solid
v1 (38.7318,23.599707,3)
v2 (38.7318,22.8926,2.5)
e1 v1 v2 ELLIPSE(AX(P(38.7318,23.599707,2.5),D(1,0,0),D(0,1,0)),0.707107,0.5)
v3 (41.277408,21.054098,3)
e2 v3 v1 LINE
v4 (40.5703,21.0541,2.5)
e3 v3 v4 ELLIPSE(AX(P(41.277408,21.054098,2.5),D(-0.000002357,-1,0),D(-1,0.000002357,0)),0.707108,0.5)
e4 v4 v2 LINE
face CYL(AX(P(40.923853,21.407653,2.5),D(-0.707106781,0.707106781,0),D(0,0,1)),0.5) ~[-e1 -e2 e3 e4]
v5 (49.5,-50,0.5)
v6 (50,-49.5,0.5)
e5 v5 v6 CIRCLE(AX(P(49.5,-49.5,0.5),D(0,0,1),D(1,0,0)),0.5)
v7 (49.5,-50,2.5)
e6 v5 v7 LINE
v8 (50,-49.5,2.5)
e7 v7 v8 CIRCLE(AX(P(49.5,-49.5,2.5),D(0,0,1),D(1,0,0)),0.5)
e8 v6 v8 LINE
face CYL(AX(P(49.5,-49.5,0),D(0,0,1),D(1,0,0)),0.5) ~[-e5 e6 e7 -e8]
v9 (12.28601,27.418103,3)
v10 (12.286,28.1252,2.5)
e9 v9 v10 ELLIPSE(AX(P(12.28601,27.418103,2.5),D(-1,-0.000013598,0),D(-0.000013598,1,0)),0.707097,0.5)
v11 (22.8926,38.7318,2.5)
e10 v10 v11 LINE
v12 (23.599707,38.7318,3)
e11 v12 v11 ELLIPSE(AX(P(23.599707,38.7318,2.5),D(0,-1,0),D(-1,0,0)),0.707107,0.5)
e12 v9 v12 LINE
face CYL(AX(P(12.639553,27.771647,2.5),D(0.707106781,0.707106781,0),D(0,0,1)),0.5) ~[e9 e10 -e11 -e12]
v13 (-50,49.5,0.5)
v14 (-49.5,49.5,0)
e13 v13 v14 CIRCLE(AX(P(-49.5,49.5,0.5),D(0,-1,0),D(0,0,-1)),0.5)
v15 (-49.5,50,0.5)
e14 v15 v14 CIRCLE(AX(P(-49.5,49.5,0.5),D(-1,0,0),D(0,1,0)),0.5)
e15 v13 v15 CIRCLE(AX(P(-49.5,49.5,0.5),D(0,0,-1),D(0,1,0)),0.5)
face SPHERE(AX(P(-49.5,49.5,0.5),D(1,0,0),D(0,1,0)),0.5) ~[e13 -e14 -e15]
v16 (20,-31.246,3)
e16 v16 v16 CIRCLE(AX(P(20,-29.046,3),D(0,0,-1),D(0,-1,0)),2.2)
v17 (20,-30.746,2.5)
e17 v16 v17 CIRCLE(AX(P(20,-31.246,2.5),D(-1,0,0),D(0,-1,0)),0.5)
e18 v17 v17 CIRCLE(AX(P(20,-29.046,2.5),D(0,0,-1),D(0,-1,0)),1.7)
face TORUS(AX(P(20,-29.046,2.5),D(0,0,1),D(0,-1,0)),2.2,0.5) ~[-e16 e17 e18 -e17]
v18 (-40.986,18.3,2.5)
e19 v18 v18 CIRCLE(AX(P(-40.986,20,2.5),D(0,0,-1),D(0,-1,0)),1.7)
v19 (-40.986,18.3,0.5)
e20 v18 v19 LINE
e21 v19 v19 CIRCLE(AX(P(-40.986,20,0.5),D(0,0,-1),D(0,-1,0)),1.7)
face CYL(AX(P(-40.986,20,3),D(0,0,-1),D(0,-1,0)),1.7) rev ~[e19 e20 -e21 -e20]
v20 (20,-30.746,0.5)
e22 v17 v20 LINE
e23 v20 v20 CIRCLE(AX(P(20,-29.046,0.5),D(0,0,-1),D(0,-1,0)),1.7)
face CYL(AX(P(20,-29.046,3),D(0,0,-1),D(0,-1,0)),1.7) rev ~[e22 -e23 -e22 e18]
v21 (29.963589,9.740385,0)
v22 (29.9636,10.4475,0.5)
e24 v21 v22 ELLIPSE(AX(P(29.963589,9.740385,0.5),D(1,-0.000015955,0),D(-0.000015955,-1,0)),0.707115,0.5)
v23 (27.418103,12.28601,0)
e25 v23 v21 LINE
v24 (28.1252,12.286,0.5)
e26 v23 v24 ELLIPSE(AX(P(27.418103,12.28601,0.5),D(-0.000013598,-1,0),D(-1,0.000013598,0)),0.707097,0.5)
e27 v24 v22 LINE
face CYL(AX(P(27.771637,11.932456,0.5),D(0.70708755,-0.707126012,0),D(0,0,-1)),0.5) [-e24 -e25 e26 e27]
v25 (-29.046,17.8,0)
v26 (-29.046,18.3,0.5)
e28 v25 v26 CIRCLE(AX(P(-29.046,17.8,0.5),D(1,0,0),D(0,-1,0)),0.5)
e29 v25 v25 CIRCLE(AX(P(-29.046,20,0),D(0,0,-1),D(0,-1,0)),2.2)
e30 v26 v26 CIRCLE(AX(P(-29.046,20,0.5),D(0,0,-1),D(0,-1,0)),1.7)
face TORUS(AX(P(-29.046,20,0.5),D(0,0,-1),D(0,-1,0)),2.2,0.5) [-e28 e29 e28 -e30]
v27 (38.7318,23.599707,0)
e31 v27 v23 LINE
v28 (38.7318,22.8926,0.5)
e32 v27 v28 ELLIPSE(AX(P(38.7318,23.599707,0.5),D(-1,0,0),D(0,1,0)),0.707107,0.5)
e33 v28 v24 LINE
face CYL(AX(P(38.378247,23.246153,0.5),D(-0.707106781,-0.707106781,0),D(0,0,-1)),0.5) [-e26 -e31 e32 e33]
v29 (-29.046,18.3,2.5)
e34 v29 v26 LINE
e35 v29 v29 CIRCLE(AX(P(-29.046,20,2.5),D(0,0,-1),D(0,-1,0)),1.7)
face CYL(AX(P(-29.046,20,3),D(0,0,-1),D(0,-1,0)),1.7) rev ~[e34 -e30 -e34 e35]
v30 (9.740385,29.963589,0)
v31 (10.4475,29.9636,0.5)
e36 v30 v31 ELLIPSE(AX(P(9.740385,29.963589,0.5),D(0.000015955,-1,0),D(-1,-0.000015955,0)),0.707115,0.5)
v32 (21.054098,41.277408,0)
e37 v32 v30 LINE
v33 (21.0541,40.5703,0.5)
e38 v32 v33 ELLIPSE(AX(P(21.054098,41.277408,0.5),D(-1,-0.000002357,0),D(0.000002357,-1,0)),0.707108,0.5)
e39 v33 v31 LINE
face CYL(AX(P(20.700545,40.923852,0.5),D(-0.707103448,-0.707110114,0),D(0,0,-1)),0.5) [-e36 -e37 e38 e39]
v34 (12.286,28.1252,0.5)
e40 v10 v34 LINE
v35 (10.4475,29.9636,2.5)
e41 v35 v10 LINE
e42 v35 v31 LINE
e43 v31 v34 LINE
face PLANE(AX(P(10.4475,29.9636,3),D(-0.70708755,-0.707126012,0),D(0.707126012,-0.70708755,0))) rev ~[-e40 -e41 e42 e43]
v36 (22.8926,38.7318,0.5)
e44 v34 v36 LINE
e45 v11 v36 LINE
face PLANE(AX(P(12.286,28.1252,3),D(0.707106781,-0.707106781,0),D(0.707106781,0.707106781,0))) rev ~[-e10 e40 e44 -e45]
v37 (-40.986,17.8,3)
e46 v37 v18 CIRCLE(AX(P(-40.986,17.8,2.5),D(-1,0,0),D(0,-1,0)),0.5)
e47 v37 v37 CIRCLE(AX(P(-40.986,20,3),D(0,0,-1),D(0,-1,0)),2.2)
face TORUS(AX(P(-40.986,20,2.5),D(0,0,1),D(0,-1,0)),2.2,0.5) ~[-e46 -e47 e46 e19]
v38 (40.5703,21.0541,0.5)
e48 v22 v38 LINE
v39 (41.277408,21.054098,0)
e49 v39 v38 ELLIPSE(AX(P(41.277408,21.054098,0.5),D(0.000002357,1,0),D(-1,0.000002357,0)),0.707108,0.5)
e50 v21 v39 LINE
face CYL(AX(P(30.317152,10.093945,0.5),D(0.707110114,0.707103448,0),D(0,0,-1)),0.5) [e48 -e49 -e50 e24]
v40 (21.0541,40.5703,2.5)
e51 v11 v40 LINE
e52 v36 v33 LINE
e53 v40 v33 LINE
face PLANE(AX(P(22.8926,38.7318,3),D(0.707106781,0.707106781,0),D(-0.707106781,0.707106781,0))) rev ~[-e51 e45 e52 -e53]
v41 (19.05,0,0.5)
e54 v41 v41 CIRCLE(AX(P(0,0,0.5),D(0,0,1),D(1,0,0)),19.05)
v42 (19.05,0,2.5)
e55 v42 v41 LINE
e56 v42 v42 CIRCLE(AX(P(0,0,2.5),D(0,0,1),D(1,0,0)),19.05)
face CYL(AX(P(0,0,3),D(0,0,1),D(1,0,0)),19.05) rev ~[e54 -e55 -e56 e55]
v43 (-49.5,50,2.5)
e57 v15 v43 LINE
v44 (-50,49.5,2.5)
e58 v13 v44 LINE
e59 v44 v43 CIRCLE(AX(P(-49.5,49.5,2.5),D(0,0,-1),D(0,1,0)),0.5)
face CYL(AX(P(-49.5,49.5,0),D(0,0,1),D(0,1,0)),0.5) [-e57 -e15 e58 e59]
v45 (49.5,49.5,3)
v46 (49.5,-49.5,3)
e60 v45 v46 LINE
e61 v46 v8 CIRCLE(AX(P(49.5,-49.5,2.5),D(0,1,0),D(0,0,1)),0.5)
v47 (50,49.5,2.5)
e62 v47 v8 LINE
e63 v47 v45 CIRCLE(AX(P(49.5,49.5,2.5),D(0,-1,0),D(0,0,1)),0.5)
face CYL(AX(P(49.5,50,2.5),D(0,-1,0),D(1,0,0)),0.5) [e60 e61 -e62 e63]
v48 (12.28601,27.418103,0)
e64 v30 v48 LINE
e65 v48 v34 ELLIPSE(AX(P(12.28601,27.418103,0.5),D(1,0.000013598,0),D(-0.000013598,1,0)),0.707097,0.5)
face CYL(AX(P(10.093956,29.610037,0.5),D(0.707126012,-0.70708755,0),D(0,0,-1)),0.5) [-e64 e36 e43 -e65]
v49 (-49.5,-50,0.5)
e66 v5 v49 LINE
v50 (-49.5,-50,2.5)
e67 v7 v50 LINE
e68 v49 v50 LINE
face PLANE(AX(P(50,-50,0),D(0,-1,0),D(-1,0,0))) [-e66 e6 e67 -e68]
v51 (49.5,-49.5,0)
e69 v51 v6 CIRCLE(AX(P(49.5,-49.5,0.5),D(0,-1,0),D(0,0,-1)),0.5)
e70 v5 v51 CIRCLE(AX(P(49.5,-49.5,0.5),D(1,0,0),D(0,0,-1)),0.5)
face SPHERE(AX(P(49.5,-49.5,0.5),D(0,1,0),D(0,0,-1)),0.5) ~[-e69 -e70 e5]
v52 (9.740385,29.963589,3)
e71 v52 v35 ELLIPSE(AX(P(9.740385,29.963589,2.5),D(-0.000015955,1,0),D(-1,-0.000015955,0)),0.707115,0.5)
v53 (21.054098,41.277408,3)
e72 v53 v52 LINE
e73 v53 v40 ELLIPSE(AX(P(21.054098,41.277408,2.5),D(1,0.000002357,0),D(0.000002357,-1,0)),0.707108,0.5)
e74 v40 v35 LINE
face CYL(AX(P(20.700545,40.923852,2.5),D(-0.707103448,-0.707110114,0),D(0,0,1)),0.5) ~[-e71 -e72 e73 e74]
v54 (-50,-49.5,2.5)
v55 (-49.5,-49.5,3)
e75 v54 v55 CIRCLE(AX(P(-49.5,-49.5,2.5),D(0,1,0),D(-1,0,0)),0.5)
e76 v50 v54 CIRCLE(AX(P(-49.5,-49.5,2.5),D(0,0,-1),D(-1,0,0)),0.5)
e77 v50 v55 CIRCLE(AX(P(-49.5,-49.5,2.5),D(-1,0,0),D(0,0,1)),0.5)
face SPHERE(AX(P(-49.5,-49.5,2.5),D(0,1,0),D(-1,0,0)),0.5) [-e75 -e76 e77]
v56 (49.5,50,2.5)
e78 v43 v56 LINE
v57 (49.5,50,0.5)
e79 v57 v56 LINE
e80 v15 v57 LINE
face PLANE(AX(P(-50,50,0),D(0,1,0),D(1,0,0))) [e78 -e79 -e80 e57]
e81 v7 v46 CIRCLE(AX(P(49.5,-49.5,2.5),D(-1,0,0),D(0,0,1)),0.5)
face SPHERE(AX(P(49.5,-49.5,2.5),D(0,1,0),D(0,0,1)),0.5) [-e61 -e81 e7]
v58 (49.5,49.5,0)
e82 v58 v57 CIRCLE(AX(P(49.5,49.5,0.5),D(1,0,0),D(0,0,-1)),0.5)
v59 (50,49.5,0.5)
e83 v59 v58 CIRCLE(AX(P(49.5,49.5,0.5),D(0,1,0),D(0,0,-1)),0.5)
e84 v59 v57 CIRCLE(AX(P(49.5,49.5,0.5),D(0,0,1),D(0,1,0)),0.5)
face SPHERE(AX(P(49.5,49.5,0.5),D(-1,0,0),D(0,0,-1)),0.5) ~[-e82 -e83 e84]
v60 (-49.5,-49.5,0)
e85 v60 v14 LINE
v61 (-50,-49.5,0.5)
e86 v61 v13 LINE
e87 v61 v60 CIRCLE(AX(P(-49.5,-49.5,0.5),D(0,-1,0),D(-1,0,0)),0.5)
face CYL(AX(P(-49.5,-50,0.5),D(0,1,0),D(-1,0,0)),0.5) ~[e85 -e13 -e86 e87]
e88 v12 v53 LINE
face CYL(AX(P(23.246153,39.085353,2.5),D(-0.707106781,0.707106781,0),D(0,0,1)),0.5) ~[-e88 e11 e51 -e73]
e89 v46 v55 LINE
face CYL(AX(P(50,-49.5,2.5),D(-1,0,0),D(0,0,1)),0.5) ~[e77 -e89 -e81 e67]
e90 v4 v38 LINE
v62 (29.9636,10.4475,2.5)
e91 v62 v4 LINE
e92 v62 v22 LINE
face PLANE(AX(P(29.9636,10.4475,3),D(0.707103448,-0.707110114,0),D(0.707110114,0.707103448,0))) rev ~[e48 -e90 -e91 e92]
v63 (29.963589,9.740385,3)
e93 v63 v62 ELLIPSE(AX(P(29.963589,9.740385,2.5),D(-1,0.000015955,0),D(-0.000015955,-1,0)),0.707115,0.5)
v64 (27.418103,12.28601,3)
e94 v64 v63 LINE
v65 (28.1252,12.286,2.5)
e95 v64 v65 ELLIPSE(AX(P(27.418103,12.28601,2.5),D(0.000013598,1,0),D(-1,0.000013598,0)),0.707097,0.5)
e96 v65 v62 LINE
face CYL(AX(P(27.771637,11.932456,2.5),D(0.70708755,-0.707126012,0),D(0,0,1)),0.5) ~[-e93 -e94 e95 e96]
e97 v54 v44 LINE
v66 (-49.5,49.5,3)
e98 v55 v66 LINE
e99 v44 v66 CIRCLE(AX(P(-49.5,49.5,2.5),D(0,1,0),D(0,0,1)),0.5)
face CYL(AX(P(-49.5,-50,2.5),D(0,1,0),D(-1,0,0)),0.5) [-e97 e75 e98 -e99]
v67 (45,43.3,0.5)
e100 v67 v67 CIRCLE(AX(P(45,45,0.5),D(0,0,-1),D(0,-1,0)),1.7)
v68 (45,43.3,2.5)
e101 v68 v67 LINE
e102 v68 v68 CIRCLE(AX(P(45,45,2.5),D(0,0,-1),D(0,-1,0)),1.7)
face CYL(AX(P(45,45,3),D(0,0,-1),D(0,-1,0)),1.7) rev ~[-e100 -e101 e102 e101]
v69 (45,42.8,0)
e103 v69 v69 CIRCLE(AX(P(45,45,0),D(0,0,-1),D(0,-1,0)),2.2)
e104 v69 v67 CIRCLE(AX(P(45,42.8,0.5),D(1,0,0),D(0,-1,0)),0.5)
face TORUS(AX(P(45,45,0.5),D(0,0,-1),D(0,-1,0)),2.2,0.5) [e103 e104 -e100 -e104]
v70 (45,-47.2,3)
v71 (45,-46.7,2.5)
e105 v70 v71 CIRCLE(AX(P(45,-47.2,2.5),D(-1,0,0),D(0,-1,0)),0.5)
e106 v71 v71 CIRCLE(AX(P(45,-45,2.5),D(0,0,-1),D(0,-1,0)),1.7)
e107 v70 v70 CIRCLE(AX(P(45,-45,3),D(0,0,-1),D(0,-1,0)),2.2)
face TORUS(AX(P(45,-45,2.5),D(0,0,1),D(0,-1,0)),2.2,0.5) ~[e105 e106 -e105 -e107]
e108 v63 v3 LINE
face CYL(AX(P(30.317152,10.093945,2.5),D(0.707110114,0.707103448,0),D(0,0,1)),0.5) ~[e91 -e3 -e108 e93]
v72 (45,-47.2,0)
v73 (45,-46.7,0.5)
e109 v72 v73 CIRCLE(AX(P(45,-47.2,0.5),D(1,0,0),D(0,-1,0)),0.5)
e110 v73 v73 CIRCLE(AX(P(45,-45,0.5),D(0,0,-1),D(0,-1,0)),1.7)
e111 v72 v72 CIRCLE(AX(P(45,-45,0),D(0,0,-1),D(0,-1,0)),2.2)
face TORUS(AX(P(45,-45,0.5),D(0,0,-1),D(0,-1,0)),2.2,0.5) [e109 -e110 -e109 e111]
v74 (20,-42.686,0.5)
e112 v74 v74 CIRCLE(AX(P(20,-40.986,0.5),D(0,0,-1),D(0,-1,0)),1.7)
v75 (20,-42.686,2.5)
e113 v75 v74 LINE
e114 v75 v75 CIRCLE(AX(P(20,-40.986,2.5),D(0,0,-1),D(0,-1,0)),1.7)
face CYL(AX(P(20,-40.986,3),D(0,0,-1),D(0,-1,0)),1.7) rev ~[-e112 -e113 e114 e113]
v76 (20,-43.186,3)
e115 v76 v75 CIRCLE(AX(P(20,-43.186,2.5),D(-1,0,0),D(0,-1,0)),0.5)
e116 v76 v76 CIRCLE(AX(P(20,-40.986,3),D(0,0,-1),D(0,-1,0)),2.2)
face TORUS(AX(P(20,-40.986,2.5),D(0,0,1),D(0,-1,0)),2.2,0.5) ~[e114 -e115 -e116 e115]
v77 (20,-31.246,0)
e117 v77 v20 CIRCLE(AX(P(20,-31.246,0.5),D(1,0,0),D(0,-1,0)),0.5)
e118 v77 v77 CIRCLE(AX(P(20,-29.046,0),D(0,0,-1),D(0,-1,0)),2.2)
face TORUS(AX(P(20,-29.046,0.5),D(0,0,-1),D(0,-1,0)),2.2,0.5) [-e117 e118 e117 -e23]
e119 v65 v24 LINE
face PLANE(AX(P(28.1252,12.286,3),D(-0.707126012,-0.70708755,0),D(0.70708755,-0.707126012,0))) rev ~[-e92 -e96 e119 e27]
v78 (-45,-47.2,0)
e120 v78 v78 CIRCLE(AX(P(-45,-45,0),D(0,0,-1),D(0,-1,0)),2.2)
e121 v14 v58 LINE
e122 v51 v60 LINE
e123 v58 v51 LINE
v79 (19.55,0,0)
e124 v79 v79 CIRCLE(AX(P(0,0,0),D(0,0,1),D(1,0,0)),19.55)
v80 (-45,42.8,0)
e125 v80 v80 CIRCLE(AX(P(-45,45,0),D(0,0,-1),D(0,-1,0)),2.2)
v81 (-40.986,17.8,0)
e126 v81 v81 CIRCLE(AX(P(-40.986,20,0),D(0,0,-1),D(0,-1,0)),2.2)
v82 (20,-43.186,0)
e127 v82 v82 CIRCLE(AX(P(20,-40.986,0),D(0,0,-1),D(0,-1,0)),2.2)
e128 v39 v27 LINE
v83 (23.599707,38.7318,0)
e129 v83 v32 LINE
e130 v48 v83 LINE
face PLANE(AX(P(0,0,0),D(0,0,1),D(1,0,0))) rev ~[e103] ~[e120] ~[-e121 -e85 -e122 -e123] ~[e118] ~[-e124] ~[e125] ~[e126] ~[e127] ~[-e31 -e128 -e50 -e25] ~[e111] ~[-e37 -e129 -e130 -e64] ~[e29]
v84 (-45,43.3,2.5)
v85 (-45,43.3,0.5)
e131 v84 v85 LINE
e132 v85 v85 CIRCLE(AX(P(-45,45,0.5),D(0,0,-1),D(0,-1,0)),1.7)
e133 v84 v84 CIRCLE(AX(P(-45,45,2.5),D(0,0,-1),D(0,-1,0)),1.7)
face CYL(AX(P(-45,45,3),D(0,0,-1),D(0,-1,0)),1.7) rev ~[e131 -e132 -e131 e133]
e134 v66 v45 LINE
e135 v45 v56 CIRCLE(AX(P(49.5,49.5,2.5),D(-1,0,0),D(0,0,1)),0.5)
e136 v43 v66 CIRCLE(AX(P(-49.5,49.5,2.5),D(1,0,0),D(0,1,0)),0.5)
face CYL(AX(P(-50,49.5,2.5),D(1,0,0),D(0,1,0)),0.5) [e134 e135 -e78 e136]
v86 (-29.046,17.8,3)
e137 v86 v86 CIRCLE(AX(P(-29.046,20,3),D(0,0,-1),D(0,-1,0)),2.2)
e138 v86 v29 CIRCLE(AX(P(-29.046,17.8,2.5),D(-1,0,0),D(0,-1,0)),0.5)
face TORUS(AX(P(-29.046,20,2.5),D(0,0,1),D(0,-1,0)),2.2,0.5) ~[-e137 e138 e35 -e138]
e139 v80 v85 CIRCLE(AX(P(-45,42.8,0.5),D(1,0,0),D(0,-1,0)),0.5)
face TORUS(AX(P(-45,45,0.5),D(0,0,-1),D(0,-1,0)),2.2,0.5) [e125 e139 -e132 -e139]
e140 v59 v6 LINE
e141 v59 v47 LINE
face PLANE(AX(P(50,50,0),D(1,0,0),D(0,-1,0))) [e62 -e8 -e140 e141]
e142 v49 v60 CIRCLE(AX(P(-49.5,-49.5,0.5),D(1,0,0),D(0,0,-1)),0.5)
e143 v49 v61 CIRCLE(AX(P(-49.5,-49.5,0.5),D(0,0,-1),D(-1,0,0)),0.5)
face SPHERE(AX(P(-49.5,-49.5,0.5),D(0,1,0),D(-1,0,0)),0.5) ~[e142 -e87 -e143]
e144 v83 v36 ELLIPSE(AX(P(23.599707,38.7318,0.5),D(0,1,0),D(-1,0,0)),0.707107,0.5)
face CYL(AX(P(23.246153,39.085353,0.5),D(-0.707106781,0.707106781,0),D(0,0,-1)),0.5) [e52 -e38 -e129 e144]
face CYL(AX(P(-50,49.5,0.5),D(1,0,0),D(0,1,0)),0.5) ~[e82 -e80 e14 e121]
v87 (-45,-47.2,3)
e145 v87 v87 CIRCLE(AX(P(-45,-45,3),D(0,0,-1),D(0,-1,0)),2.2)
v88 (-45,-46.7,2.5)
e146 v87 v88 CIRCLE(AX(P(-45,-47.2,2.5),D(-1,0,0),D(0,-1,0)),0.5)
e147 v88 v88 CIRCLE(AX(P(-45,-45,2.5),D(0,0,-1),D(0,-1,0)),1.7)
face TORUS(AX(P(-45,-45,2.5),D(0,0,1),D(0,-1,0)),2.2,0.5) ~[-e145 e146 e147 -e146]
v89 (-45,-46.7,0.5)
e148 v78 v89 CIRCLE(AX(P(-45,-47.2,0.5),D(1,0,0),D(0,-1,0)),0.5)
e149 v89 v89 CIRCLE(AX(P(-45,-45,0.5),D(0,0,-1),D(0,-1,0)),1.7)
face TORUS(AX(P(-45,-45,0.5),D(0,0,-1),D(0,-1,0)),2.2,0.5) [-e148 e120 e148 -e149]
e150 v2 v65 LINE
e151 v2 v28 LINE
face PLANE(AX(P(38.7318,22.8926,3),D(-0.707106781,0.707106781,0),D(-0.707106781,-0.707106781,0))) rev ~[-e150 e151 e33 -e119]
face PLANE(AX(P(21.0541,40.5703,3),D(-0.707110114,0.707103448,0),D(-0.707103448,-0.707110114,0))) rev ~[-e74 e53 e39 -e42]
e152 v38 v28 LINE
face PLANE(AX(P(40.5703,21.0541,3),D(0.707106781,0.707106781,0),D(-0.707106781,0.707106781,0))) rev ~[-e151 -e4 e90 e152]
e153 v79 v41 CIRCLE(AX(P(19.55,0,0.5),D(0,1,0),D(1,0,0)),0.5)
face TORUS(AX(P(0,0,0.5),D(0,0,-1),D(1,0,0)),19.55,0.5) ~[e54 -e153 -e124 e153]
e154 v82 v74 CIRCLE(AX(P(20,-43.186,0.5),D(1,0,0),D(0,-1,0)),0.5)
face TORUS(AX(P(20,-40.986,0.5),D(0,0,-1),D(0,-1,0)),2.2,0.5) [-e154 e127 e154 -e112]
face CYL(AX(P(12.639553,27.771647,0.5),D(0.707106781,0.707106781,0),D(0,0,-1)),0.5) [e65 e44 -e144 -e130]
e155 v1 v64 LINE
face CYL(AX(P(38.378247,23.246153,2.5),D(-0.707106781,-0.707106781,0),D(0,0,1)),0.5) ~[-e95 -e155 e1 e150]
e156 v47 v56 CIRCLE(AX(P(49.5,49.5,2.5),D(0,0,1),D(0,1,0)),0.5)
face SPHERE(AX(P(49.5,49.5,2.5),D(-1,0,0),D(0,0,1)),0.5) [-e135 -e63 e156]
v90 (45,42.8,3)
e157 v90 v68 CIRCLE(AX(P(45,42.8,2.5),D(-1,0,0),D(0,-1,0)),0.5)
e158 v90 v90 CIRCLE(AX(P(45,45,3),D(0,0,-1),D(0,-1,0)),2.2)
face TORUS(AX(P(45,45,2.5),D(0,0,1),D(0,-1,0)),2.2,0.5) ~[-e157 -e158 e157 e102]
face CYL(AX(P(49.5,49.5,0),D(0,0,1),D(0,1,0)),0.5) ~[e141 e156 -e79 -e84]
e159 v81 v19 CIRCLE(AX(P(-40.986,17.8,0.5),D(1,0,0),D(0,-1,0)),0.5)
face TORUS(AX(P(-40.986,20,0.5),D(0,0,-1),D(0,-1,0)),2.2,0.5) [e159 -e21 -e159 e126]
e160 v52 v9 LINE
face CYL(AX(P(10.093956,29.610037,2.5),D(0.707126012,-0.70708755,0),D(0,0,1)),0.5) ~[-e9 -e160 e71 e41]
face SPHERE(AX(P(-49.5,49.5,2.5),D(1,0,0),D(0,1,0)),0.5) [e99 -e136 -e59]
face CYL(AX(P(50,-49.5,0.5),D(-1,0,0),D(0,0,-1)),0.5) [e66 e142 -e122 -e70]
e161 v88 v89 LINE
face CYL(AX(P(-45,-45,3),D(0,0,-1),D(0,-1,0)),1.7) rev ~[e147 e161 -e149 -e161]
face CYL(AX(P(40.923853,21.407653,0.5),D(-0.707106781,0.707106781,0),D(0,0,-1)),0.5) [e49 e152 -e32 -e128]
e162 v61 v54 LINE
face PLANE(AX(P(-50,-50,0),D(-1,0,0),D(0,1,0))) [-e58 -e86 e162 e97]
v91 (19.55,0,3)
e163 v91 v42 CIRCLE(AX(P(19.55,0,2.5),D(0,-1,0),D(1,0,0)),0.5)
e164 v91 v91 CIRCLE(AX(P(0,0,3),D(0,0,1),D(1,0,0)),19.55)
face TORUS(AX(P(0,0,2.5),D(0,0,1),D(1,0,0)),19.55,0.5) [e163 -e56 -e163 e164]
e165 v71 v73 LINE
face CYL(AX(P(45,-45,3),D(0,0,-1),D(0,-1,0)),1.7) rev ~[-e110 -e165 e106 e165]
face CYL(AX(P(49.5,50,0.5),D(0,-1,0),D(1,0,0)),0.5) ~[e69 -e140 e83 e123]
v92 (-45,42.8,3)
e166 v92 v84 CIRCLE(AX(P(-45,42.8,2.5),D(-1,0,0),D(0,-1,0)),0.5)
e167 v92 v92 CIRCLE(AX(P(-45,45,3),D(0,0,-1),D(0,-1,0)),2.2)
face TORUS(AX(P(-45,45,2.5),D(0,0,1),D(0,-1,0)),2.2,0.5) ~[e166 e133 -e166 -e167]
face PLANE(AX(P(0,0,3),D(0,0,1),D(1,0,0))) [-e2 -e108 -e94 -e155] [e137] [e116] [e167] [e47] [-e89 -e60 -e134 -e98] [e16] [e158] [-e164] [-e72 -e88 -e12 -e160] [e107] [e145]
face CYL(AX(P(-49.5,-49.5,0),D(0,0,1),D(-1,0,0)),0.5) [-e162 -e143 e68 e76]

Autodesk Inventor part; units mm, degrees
ref_plane "YZ Plane" through (0, 0, 0) normal (1, 0, 0) x (0, 1, 0)
ref_plane "XZ Plane" through (0, 0, 0) normal (0, 1, 0) x (-1, 0, 0)
ref_plane "XY Plane" through (0, 0, 0) normal (0, 0, 1) x (1, 0, 0)
sketch "Sketch1" plane through (0, 0, 0) normal (0, 0, 1) x (1, 0, 0)
  line L0 (-50, 50) -> (50, 50)
  line L1 (50, 50) -> (50, -50)
  line L2 (50, -50) -> (-50, -50)
  line L3 (-50, -50) -> (-50, 50)
  point P0 (0, 0)
  dimension "d0" = 100
  dimension "d1" = 50
  dimension "d2" = 50
extrude "Extrusion1" add sketch "Sketch1" along normal blind 3
hole "Hole1" at (-45, 45, 3) direction (0, 0, -1) diameter 3.4 end through all
hole "Hole2" at (45, 45, 3) direction (0, 0, -1) diameter 3.4 end through all
hole "Hole3" at (45, -45, 3) direction (0, 0, -1) diameter 3.4 end through all
hole "Hole4" at (-45, -45, 3) direction (0, 0, -1) diameter 3.4 end through all
sketch "Sketch2" plane through (0, 0, 3) normal (0, 0, 1) x (1, 0, 0)
  circle A0 centre (-45, -45) radius 1.7
  circle A1 centre (45, 45) radius 1.7
  line L0 (21.0541, 40.5703) -> (10.4475, 29.9636)
  line L1 (10.4475, 29.9636) -> (12.286, 28.1252)
  line L2 (12.286, 28.1252) -> (22.8926, 38.7318)
  line L3 (22.8926, 38.7318) -> (21.0541, 40.5703)
  line L4 (38.7318, 22.8926) -> (28.1252, 12.286)
  line L5 (28.1252, 12.286) -> (29.9636, 10.4475)
  line L6 (29.9636, 10.4475) -> (40.5703, 21.0541)
  line L7 (40.5703, 21.0541) -> (38.7318, 22.8926)
  line L8 (45, 45) -> (-45, -45) construction
  line L9 (22.8926, 38.7318) -> (38.7318, 22.8926) construction
  circle A2 centre (0, 0) radius 28.575 construction
  point P0 (30.8122, 30.8122)
  dimension "d41" = 22.4
  dimension "d42" = 2.6
  dimension "d43" = 15
  dimension "d44" = 28.575
  dimension "d45" = 57.15
extrude "Extrusion2" cut sketch "Sketch2" against normal through all contours L3 L2 L1 L0 | L7 L6 L5 L4
sketch "Sketch3" plane through (0, 0, 3) normal (0, 0, 1) x (1, 0, 0)
  circle A0 centre (0, 0) radius 19.05
  dimension "d48" = 38.1
extrude "Extrusion3" cut sketch "Sketch3" against normal through all
sketch "Sketch4" plane through (0, 0, 3) normal (0, 0, 1) x (1, 0, 0)
  line L0 (50, 50) -> (50, -50)
  line L1 (-50, 50) -> (50, 50)
  line L2 (-50, -50) -> (-50, 50)
  line L3 (50, -50) -> (-50, -50)
  line L4 (-29.046, 20) -> (-50, 20) construction
  line L5 (20, -29.046) -> (20, -50) construction
  point P0 (-40.986, 20)
  point P1 (20, -40.986)
  dimension "d51" = 11.94
  dimension "d52" = 11.94
  dimension "d53" = 9.014
  dimension "d54" = 9.014
  dimension "d55" = 30
  dimension "d56" = 30
hole "Hole5" at (-40.986, 20, 3) at (-29.046, 20, 3) at (20, -40.986, 3) at (20, -29.046, 3) direction (0, 0, -1) diameter 3.4 end through all
fillet "Fillet1" radius 0.5 46 edges at (15.7508, 35.267, 3) (15.7508, 35.267, 0) (21.9733, 39.651, 0) (21.9733, 39.651, 3) (17.5893, 33.4285, 0) (17.5893, 33.4285, 3) (11.3667, 29.0444, 0) (11.3667, 29.0444, 3) (39.651, 21.9733, 0) (39.651, 21.9733, 3) (33.4285, 17.5893, 3) (33.4285, 17.5893, 0) (29.0444, 11.3667, 0) (29.0444, 11.3667, 3) (35.267, 15.7508, 0) (35.267, 15.7508, 3) (0, 50, 3) (0, 50, 0) (50, 0, 0) (50, 0, 3) (50, 50, 1.5) (-50, 50, 1.5) (-50, 0, 0) (-50, 0, 3) (-50, -50, 1.5) (0, -50, 3) (0, -50, 0) (50, -50, 1.5) (45, -43.3, 3) (45, -43.3, 0) (45, 46.7, 0) (45, 46.7, 3) (-45, 46.7, 0) (-45, 46.7, 3) (20, -39.286, 0) (20, -27.346, 0) (-40.986, 21.7, 0) (-29.046, 21.7, 0) (20, -39.286, 3) (20, -27.346, 3) (-40.986, 21.7, 3) (-29.046, 21.7, 3) (-19.05, 0, 0) (-19.05, 0, 3) (-45, -43.3, 0) (-45, -43.3, 3)
equation "\"d1\" = 0.5 * d0"
equation "\"d2\" = d1"
equation "\"d44\" = 0.5 * d45"
equation "\"d52\" = d51"
equation "\"d54\" = d53"
equation "\"d56\" = d55"
properties part number "Bottom_Platform" material "Polycarbonate, Clear"
